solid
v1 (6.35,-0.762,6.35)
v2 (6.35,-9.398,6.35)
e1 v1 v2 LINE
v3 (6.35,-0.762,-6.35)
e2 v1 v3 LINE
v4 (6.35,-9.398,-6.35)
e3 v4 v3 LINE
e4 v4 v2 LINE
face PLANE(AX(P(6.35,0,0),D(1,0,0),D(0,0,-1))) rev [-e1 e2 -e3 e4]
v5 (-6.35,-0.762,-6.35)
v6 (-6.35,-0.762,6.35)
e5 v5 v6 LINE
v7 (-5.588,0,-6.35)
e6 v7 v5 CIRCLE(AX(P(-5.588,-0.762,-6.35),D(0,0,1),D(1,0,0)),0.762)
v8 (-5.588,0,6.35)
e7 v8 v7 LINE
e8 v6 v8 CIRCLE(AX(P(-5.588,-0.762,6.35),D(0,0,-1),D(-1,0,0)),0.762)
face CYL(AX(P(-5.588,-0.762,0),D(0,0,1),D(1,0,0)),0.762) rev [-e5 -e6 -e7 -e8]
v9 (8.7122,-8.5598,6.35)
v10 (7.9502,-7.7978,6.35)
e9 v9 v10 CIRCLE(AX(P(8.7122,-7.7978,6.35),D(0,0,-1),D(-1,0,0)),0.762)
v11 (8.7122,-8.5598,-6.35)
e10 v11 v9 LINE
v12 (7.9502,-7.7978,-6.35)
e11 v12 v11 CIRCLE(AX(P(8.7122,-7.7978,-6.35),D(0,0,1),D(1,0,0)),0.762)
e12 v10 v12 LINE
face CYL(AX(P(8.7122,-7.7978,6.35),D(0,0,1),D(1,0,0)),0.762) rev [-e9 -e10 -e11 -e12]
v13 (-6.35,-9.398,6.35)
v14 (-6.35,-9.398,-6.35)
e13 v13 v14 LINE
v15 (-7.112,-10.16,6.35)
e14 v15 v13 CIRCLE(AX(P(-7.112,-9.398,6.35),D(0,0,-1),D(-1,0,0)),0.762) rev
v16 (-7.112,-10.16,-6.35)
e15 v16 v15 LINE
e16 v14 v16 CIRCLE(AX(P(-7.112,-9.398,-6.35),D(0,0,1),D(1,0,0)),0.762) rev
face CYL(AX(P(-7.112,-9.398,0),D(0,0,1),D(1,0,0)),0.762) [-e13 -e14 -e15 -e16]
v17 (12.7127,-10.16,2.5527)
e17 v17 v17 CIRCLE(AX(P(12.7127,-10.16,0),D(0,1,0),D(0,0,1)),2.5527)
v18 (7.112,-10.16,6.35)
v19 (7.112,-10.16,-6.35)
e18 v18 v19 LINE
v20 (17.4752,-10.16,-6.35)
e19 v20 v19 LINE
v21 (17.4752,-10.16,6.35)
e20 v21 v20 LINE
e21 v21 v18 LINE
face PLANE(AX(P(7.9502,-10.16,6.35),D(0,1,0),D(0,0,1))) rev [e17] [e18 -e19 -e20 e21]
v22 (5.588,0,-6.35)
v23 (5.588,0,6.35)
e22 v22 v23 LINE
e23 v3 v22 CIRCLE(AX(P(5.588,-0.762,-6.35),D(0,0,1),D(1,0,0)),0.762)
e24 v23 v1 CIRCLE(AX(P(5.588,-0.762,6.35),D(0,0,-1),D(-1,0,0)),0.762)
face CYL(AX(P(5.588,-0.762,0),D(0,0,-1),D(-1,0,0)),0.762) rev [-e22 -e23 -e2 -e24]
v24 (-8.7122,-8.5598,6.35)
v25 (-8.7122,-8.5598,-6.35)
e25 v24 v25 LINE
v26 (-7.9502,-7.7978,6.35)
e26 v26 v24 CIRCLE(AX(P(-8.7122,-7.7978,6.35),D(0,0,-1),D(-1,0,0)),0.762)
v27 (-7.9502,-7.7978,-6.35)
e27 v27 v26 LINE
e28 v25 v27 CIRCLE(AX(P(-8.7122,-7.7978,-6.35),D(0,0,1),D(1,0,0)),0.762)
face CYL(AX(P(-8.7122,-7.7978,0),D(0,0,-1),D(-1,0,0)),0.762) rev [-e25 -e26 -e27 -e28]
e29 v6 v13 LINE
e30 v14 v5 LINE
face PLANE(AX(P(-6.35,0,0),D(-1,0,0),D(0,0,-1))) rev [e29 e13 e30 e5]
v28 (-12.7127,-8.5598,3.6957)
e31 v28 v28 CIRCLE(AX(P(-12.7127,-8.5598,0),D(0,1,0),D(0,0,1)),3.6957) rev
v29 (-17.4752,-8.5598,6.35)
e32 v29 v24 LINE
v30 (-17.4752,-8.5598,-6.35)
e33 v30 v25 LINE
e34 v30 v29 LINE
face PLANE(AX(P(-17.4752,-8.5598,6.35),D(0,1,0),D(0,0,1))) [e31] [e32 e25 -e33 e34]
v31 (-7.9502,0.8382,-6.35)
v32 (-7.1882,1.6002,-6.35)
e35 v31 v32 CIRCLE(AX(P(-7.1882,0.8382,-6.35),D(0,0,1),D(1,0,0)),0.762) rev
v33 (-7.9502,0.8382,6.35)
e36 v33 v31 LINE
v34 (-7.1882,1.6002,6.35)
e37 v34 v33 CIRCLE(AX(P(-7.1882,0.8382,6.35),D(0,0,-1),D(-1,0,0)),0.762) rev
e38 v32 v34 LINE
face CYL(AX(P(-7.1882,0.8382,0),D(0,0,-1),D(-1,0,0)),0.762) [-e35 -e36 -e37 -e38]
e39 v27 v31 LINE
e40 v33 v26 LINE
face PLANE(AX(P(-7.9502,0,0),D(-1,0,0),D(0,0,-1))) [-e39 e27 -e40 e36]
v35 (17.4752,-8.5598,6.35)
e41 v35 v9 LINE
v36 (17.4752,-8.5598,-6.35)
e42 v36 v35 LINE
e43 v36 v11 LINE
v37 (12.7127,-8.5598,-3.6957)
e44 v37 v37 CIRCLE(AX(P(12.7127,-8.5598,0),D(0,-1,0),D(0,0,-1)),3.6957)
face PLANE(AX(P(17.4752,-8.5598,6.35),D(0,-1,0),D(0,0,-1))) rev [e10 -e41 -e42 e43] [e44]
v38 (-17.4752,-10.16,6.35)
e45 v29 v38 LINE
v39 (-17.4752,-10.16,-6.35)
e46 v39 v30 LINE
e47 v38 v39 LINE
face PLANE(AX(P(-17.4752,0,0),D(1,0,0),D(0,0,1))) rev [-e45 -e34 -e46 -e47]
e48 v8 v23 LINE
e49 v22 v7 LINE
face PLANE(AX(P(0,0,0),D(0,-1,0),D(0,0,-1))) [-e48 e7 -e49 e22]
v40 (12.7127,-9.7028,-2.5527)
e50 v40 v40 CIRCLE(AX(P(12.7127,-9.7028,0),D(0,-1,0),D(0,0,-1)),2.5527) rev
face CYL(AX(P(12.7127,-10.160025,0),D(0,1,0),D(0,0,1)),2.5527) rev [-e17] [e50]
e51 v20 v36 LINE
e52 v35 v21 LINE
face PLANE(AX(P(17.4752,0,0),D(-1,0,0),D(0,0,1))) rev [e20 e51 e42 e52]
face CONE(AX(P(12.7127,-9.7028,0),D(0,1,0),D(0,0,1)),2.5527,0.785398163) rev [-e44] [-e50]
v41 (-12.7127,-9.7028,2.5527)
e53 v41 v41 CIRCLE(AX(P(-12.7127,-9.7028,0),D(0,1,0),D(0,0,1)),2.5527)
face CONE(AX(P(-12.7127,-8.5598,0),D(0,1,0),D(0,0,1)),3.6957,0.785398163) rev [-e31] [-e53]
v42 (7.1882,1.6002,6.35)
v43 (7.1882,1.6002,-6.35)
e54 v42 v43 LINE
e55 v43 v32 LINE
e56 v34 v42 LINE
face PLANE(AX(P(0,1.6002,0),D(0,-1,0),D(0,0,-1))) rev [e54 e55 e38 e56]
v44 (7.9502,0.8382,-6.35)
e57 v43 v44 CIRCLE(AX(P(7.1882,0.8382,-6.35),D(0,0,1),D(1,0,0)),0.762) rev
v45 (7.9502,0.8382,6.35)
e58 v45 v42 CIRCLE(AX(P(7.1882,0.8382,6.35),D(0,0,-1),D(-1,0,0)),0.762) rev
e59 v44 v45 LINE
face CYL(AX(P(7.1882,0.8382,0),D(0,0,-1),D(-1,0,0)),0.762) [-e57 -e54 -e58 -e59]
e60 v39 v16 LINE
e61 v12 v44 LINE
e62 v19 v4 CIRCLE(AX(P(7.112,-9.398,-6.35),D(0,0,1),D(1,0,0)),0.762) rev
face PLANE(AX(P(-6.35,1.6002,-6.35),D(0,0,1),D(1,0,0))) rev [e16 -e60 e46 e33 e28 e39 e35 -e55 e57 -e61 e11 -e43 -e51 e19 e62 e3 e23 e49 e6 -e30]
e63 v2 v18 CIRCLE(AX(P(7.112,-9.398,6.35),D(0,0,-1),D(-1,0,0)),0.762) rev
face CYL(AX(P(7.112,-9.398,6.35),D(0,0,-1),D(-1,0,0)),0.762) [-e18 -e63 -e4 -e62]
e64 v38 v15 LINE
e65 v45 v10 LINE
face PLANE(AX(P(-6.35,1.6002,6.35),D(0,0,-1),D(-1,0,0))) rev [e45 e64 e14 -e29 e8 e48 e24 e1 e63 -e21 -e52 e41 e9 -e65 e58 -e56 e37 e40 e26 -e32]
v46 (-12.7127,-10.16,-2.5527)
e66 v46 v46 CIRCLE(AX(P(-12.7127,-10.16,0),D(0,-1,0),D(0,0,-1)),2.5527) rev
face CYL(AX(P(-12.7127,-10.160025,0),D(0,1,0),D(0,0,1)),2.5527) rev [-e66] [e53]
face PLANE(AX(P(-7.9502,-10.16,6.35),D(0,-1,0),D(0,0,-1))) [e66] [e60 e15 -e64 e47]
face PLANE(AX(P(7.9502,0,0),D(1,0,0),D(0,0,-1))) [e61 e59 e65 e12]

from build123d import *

# Parameters (mm, degrees)
SKETCH1_W           = 12.7
SKETCH1_H           = 12.7
BOSS_EXTRUDE1_DEPTH = 1.6002
SKETCH2_W           = 12.7
SKETCH2_H           = 11.7602
BOSS_EXTRUDE2_DEPTH = 1.6002
SKETCH3_W           = 12.7
SKETCH3_H           = 1.6002
BOSS_EXTRUDE3_DEPTH = 9.525
SKETCH4_R           = 2.5527
CUT_EXTRUDE1_DEPTH  = 22.187985158
FILLET1_R           = 0.762
CHAMFER2_SIZE       = 1.143


with BuildPart() as part:
    # Sketch1 → Boss-Extrude1 (new body)
    with BuildSketch(Plane(origin=(0, 0, 0), x_dir=(1, 0, 0), z_dir=(0, 1, 0))):
        Rectangle(SKETCH1_W, SKETCH1_H)
    extrude(amount=BOSS_EXTRUDE1_DEPTH)

    # Sketch2 → Boss-Extrude2 (add)
    with BuildSketch(Plane(origin=(6.35, 0, 0), x_dir=(0, 0, -1), z_dir=(1, 0, 0))):
        with Locations((0, -4.2799)):
            Rectangle(SKETCH2_W, SKETCH2_H)
    boss_extrude2 = extrude(amount=BOSS_EXTRUDE2_DEPTH)

    # Sketch3 → Boss-Extrude3 (add)
    with BuildSketch(Plane(origin=(7.9502, 0, 0), x_dir=(0, 0, -1), z_dir=(1, 0, 0))):
        with Locations((0, -9.3599)):
            Rectangle(SKETCH3_W, SKETCH3_H)
    boss_extrude3 = extrude(amount=BOSS_EXTRUDE3_DEPTH)

    # Sketch4 → Cut-Extrude1 (cut, through all)
    with BuildSketch(Plane(origin=(0, -8.5598, 0), x_dir=(1, 0, 0), z_dir=(0, 1, 0))):
        with Locations(Location((12.7127, 0, 0), (0, 0, 270))):
            Circle(SKETCH4_R)
    cut_extrude1 = extrude(amount=-CUT_EXTRUDE1_DEPTH, mode=Mode.SUBTRACT)

    # Mirror2: Boss-Extrude2, Boss-Extrude3, Cut-Extrude1 across plane
    add(boss_extrude2.mirror(Plane(origin=(0, 0, 0), x_dir=(0, 0, 1), z_dir=(1, 0, 0))))
    add(boss_extrude3.mirror(Plane(origin=(0, 0, 0), x_dir=(0, 0, 1), z_dir=(1, 0, 0))))
    add(cut_extrude1.mirror(Plane(origin=(0, 0, 0), x_dir=(0, 0, 1), z_dir=(1, 0, 0))), mode=Mode.SUBTRACT)

    # Fillet1
    fillet1_edges = [part.edges().sort_by_distance(p)[0] for p in [
        (6.35, -10.16, 0),
        (-6.35, -10.16, 0),
        (6.35, 0, 0),
        (-6.35, 0, 0),
        (-7.9502, -8.5598, 0),
        (-7.9502, 1.6002, 0),
        (7.9502, 1.6002, 0),
        (7.9502, -8.5598, 0),
    ]]
    fillet(fillet1_edges, radius=FILLET1_R)

    # Chamfer2
    chamfer2_edges = [part.edges().sort_by_distance(p)[0] for p in [
        (12.7127, -8.5598, -2.5527),
        (-12.7127, -8.5598, -2.5527),
    ]]
    chamfer(chamfer2_edges, length=CHAMFER2_SIZE)


solid = part.part
